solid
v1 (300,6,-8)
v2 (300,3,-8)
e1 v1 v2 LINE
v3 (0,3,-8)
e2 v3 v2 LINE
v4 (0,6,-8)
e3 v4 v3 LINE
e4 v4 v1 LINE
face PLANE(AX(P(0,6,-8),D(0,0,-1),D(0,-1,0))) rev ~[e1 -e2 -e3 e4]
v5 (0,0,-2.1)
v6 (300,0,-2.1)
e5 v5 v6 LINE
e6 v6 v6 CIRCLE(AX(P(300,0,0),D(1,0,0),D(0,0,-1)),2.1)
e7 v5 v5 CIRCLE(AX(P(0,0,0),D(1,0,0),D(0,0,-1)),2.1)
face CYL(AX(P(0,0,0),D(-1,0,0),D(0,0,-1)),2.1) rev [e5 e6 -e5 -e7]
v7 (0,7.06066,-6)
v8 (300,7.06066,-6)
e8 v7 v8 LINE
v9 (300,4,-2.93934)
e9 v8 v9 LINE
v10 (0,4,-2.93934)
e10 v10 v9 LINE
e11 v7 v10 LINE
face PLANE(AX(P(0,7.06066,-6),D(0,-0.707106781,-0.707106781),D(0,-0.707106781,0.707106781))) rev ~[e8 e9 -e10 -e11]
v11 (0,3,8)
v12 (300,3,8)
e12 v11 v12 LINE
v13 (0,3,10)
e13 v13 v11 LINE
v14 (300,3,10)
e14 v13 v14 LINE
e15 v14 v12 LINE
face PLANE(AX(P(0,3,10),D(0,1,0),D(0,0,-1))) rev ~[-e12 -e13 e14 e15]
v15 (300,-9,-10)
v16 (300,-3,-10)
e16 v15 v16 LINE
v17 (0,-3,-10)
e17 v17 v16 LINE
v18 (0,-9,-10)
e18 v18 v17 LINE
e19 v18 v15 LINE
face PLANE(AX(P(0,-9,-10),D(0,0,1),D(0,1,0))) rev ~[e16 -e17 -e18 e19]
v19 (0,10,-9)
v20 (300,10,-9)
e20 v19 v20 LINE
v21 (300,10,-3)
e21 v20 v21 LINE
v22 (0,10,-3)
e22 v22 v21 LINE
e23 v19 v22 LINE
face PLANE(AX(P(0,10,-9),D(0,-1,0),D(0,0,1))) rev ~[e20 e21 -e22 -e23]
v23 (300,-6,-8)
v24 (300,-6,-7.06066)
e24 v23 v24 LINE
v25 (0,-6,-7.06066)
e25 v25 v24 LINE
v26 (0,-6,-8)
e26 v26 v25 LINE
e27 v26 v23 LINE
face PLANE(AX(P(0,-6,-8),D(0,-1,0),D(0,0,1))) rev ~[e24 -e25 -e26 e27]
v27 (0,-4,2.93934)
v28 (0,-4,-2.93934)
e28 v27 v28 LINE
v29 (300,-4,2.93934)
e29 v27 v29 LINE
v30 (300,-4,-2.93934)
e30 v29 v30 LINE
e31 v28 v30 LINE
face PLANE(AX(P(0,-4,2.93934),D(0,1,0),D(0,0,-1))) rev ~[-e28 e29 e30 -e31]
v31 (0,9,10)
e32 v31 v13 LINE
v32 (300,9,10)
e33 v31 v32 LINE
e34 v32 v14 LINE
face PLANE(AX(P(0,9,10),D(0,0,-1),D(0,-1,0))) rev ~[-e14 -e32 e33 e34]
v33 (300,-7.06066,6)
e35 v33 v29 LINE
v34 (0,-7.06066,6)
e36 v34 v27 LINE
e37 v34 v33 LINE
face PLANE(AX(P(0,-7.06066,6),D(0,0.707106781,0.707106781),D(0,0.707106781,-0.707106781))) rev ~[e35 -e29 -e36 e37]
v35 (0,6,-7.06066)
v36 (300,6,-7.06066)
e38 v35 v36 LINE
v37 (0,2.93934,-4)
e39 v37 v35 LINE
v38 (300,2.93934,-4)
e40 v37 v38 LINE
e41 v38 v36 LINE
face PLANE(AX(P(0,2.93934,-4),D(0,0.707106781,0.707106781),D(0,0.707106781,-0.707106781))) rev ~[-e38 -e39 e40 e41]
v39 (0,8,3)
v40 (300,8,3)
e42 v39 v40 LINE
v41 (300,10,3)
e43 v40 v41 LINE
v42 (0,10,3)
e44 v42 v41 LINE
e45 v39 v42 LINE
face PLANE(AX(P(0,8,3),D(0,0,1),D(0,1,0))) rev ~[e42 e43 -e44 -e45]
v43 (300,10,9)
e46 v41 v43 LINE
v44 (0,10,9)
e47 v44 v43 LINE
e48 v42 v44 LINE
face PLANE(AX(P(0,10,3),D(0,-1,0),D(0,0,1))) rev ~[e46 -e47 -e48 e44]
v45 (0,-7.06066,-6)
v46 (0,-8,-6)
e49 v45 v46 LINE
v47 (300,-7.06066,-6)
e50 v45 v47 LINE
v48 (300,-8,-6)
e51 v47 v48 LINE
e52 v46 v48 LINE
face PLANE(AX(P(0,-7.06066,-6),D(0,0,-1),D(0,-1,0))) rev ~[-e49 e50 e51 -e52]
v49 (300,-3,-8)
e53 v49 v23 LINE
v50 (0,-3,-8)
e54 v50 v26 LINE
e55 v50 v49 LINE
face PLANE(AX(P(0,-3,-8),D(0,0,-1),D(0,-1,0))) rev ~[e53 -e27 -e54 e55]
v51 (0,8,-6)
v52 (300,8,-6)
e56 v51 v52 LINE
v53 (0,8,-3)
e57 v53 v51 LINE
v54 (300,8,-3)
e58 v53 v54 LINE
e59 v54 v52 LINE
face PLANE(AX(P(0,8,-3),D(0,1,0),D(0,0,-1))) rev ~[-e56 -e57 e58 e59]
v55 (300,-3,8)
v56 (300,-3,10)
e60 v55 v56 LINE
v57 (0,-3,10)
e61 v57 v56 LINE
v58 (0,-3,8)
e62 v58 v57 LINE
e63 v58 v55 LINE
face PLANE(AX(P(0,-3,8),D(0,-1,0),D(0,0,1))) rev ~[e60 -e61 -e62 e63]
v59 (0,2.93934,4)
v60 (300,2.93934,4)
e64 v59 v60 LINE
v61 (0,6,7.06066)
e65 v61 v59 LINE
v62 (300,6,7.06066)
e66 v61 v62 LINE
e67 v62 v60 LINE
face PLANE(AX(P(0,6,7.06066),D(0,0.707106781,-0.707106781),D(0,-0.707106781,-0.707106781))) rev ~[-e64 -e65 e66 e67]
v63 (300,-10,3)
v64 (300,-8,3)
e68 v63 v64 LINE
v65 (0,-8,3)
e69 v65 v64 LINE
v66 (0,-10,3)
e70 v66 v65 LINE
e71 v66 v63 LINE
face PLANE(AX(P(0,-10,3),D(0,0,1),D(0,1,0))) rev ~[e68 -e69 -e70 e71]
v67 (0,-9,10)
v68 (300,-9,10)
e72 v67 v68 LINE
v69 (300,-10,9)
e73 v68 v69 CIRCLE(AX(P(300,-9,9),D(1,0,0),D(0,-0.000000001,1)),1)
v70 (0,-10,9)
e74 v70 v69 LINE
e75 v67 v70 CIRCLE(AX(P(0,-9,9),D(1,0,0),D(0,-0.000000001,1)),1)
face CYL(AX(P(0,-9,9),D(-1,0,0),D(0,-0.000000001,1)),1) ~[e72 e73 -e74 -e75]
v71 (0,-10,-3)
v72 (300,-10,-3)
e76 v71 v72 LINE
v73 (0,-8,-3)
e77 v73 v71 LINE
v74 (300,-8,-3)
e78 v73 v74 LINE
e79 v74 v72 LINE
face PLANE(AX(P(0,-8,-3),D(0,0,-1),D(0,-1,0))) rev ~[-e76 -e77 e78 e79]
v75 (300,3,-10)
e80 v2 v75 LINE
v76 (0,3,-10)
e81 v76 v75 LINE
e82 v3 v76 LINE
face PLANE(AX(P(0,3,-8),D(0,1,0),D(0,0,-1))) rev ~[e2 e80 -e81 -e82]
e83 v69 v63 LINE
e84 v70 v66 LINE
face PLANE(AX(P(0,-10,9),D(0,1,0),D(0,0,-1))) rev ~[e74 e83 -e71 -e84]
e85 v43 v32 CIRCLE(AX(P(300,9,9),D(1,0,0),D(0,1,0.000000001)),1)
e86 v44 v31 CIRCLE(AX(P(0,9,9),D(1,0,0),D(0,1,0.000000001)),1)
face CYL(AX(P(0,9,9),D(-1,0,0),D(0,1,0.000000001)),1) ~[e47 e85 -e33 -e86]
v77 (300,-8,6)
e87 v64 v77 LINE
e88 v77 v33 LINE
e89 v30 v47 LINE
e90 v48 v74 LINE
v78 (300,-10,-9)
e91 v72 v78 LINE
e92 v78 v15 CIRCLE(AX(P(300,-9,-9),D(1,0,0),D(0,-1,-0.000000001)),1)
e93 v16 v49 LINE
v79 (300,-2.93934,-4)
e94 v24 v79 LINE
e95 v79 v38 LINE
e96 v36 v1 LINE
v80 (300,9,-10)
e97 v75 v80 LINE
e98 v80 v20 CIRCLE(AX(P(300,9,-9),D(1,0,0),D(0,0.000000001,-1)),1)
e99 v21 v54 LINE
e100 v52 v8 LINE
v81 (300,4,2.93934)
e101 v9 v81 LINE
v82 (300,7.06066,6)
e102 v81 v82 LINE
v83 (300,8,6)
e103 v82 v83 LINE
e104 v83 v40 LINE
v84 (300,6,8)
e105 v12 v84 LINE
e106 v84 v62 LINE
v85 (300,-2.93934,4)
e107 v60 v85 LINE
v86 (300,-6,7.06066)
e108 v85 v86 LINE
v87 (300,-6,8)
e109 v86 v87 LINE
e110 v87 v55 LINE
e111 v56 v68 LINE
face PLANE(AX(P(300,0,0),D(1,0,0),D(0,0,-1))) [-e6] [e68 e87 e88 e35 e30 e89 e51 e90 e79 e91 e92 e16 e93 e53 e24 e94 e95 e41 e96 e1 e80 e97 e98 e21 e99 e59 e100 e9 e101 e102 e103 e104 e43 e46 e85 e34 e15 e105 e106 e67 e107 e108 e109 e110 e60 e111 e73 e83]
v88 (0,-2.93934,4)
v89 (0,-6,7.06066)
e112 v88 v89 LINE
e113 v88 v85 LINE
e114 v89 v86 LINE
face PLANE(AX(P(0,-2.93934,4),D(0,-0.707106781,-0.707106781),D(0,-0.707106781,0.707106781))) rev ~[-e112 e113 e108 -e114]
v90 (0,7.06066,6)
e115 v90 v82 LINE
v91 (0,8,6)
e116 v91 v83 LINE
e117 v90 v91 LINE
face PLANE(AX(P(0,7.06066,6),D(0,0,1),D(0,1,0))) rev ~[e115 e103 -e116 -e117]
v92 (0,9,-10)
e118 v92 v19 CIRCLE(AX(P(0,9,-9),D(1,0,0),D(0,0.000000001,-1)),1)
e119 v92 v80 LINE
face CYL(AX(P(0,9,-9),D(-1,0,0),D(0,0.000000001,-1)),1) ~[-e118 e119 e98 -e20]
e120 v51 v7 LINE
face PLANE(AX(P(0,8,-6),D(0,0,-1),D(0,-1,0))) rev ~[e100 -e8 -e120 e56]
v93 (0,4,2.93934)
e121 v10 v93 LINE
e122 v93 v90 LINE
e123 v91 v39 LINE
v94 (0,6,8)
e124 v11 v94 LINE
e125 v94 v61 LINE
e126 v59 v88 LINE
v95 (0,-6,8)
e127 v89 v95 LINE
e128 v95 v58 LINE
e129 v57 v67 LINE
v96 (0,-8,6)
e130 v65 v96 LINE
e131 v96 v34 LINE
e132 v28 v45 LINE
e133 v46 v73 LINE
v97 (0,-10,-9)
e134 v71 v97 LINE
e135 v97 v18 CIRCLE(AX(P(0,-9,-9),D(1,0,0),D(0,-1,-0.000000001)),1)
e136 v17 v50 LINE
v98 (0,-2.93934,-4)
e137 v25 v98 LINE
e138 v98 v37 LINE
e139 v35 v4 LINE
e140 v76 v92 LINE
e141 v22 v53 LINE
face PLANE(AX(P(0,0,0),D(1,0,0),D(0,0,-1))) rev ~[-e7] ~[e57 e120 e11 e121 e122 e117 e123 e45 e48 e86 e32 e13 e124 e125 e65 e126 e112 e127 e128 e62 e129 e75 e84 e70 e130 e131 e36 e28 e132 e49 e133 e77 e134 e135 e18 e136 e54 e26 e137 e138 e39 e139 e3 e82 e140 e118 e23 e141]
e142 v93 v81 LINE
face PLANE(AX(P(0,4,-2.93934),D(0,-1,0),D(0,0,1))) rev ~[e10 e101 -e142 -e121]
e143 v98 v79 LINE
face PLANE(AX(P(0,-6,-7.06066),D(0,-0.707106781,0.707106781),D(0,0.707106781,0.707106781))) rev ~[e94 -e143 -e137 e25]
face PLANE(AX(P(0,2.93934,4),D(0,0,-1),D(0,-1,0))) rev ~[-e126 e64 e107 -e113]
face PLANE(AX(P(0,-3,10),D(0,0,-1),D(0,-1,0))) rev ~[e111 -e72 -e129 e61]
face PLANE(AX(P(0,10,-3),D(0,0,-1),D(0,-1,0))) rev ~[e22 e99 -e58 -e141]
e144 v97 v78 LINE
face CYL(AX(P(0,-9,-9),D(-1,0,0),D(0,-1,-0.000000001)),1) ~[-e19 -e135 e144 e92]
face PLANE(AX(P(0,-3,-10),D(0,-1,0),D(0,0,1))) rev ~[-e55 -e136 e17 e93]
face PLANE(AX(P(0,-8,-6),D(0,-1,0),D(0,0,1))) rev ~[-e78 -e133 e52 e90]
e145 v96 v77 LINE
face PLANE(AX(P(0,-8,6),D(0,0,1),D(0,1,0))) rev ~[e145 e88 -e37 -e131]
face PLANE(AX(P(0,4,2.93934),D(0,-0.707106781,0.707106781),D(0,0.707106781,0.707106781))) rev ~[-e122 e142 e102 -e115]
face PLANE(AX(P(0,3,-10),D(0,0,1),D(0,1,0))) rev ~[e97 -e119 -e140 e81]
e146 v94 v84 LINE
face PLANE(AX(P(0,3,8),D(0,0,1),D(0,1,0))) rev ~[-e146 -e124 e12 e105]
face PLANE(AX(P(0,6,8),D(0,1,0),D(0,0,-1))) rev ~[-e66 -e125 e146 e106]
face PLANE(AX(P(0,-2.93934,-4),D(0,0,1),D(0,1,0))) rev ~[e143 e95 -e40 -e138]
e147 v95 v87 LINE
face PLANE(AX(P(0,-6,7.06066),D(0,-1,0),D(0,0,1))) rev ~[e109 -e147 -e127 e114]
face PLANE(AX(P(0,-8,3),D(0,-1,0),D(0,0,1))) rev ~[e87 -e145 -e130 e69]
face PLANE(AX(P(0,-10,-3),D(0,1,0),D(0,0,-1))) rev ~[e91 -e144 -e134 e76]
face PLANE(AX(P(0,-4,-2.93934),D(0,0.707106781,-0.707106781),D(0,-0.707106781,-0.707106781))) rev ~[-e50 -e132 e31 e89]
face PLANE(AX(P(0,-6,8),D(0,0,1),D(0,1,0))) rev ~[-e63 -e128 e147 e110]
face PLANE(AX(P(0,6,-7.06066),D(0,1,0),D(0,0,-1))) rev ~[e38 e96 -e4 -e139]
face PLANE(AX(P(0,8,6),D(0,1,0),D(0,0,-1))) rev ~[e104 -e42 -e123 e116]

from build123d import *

# Parameters (mm, degrees)
SKETCH1_R           = 2.1
BOSS_EXTRUDE1_DEPTH = 300


with BuildPart() as part:
    # Sketch1 → Boss-Extrude1 (new body)
    with BuildSketch(Plane(origin=(0, 0, 0), x_dir=(0, 0, -1), z_dir=(1, 0, 0))):
        with BuildLine():
            Line((-10, 9), (-10, 3))
            Line((-10, 3), (-8, 3))
            Line((-8, 3), (-8, 6))
            Line((-8, 6), (-7.060660172, 6))
            Line((-7.060660172, 6), (-4, 2.939339828))
            Line((-4, 2.939339828), (-4, -2.939339828))
            Line((-4, -2.939339828), (-7.060660172, -6))
            Line((-7.060660172, -6), (-8, -6))
            Line((-8, -6), (-8, -3))
            Line((-8, -3), (-10, -3))
            Line((-10, -3), (-10, -9))
            ThreePointArc((-10, -9), (-9.707106781, -9.707106781), (-9, -10))
            Line((-9, -10), (-3, -10))
            Line((-3, -10), (-3, -8))
            Line((-3, -8), (-6, -8))
            Line((-6, -8), (-6, -7.060660172))
            Line((-6, -7.060660172), (-2.939339828, -4))
            Line((-2.939339828, -4), (2.939339828, -4))
            Line((2.939339828, -4), (6, -7.060660172))
            Line((6, -7.060660172), (6, -8))
            Line((6, -8), (3, -8))
            Line((3, -8), (3, -10))
            Line((3, -10), (9, -10))
            ThreePointArc((9, -10), (9.707106781, -9.707106781), (10, -9))
            Line((10, -9), (10, -3))
            Line((10, -3), (8, -3))
            Line((8, -3), (8, -6))
            Line((8, -6), (7.060660172, -6))
            Line((7.060660172, -6), (4, -2.939339828))
            Line((4, -2.939339828), (4, 2.939339828))
            Line((4, 2.939339828), (7.060660172, 6))
            Line((7.060660172, 6), (8, 6))
            Line((8, 6), (8, 3))
            Line((8, 3), (10, 3))
            Line((10, 3), (10, 9))
            ThreePointArc((10, 9), (9.707106781, 9.707106781), (9, 10))
            Line((9, 10), (3, 10))
            Line((3, 10), (3, 8))
            Line((3, 8), (6, 8))
            Line((6, 8), (6, 7.060660172))
            Line((6, 7.060660172), (2.939339828, 4))
            Line((2.939339828, 4), (-2.939339828, 4))
            Line((-2.939339828, 4), (-6, 7.060660172))
            Line((-6, 7.060660172), (-6, 8))
            Line((-6, 8), (-3, 8))
            Line((-3, 8), (-3, 10))
            Line((-3, 10), (-9, 10))
            ThreePointArc((-9, 10), (-9.707106781, 9.707106781), (-10, 9))
        make_face()
        Circle(SKETCH1_R, mode=Mode.SUBTRACT)
    extrude(amount=BOSS_EXTRUDE1_DEPTH)


solid = part.part
